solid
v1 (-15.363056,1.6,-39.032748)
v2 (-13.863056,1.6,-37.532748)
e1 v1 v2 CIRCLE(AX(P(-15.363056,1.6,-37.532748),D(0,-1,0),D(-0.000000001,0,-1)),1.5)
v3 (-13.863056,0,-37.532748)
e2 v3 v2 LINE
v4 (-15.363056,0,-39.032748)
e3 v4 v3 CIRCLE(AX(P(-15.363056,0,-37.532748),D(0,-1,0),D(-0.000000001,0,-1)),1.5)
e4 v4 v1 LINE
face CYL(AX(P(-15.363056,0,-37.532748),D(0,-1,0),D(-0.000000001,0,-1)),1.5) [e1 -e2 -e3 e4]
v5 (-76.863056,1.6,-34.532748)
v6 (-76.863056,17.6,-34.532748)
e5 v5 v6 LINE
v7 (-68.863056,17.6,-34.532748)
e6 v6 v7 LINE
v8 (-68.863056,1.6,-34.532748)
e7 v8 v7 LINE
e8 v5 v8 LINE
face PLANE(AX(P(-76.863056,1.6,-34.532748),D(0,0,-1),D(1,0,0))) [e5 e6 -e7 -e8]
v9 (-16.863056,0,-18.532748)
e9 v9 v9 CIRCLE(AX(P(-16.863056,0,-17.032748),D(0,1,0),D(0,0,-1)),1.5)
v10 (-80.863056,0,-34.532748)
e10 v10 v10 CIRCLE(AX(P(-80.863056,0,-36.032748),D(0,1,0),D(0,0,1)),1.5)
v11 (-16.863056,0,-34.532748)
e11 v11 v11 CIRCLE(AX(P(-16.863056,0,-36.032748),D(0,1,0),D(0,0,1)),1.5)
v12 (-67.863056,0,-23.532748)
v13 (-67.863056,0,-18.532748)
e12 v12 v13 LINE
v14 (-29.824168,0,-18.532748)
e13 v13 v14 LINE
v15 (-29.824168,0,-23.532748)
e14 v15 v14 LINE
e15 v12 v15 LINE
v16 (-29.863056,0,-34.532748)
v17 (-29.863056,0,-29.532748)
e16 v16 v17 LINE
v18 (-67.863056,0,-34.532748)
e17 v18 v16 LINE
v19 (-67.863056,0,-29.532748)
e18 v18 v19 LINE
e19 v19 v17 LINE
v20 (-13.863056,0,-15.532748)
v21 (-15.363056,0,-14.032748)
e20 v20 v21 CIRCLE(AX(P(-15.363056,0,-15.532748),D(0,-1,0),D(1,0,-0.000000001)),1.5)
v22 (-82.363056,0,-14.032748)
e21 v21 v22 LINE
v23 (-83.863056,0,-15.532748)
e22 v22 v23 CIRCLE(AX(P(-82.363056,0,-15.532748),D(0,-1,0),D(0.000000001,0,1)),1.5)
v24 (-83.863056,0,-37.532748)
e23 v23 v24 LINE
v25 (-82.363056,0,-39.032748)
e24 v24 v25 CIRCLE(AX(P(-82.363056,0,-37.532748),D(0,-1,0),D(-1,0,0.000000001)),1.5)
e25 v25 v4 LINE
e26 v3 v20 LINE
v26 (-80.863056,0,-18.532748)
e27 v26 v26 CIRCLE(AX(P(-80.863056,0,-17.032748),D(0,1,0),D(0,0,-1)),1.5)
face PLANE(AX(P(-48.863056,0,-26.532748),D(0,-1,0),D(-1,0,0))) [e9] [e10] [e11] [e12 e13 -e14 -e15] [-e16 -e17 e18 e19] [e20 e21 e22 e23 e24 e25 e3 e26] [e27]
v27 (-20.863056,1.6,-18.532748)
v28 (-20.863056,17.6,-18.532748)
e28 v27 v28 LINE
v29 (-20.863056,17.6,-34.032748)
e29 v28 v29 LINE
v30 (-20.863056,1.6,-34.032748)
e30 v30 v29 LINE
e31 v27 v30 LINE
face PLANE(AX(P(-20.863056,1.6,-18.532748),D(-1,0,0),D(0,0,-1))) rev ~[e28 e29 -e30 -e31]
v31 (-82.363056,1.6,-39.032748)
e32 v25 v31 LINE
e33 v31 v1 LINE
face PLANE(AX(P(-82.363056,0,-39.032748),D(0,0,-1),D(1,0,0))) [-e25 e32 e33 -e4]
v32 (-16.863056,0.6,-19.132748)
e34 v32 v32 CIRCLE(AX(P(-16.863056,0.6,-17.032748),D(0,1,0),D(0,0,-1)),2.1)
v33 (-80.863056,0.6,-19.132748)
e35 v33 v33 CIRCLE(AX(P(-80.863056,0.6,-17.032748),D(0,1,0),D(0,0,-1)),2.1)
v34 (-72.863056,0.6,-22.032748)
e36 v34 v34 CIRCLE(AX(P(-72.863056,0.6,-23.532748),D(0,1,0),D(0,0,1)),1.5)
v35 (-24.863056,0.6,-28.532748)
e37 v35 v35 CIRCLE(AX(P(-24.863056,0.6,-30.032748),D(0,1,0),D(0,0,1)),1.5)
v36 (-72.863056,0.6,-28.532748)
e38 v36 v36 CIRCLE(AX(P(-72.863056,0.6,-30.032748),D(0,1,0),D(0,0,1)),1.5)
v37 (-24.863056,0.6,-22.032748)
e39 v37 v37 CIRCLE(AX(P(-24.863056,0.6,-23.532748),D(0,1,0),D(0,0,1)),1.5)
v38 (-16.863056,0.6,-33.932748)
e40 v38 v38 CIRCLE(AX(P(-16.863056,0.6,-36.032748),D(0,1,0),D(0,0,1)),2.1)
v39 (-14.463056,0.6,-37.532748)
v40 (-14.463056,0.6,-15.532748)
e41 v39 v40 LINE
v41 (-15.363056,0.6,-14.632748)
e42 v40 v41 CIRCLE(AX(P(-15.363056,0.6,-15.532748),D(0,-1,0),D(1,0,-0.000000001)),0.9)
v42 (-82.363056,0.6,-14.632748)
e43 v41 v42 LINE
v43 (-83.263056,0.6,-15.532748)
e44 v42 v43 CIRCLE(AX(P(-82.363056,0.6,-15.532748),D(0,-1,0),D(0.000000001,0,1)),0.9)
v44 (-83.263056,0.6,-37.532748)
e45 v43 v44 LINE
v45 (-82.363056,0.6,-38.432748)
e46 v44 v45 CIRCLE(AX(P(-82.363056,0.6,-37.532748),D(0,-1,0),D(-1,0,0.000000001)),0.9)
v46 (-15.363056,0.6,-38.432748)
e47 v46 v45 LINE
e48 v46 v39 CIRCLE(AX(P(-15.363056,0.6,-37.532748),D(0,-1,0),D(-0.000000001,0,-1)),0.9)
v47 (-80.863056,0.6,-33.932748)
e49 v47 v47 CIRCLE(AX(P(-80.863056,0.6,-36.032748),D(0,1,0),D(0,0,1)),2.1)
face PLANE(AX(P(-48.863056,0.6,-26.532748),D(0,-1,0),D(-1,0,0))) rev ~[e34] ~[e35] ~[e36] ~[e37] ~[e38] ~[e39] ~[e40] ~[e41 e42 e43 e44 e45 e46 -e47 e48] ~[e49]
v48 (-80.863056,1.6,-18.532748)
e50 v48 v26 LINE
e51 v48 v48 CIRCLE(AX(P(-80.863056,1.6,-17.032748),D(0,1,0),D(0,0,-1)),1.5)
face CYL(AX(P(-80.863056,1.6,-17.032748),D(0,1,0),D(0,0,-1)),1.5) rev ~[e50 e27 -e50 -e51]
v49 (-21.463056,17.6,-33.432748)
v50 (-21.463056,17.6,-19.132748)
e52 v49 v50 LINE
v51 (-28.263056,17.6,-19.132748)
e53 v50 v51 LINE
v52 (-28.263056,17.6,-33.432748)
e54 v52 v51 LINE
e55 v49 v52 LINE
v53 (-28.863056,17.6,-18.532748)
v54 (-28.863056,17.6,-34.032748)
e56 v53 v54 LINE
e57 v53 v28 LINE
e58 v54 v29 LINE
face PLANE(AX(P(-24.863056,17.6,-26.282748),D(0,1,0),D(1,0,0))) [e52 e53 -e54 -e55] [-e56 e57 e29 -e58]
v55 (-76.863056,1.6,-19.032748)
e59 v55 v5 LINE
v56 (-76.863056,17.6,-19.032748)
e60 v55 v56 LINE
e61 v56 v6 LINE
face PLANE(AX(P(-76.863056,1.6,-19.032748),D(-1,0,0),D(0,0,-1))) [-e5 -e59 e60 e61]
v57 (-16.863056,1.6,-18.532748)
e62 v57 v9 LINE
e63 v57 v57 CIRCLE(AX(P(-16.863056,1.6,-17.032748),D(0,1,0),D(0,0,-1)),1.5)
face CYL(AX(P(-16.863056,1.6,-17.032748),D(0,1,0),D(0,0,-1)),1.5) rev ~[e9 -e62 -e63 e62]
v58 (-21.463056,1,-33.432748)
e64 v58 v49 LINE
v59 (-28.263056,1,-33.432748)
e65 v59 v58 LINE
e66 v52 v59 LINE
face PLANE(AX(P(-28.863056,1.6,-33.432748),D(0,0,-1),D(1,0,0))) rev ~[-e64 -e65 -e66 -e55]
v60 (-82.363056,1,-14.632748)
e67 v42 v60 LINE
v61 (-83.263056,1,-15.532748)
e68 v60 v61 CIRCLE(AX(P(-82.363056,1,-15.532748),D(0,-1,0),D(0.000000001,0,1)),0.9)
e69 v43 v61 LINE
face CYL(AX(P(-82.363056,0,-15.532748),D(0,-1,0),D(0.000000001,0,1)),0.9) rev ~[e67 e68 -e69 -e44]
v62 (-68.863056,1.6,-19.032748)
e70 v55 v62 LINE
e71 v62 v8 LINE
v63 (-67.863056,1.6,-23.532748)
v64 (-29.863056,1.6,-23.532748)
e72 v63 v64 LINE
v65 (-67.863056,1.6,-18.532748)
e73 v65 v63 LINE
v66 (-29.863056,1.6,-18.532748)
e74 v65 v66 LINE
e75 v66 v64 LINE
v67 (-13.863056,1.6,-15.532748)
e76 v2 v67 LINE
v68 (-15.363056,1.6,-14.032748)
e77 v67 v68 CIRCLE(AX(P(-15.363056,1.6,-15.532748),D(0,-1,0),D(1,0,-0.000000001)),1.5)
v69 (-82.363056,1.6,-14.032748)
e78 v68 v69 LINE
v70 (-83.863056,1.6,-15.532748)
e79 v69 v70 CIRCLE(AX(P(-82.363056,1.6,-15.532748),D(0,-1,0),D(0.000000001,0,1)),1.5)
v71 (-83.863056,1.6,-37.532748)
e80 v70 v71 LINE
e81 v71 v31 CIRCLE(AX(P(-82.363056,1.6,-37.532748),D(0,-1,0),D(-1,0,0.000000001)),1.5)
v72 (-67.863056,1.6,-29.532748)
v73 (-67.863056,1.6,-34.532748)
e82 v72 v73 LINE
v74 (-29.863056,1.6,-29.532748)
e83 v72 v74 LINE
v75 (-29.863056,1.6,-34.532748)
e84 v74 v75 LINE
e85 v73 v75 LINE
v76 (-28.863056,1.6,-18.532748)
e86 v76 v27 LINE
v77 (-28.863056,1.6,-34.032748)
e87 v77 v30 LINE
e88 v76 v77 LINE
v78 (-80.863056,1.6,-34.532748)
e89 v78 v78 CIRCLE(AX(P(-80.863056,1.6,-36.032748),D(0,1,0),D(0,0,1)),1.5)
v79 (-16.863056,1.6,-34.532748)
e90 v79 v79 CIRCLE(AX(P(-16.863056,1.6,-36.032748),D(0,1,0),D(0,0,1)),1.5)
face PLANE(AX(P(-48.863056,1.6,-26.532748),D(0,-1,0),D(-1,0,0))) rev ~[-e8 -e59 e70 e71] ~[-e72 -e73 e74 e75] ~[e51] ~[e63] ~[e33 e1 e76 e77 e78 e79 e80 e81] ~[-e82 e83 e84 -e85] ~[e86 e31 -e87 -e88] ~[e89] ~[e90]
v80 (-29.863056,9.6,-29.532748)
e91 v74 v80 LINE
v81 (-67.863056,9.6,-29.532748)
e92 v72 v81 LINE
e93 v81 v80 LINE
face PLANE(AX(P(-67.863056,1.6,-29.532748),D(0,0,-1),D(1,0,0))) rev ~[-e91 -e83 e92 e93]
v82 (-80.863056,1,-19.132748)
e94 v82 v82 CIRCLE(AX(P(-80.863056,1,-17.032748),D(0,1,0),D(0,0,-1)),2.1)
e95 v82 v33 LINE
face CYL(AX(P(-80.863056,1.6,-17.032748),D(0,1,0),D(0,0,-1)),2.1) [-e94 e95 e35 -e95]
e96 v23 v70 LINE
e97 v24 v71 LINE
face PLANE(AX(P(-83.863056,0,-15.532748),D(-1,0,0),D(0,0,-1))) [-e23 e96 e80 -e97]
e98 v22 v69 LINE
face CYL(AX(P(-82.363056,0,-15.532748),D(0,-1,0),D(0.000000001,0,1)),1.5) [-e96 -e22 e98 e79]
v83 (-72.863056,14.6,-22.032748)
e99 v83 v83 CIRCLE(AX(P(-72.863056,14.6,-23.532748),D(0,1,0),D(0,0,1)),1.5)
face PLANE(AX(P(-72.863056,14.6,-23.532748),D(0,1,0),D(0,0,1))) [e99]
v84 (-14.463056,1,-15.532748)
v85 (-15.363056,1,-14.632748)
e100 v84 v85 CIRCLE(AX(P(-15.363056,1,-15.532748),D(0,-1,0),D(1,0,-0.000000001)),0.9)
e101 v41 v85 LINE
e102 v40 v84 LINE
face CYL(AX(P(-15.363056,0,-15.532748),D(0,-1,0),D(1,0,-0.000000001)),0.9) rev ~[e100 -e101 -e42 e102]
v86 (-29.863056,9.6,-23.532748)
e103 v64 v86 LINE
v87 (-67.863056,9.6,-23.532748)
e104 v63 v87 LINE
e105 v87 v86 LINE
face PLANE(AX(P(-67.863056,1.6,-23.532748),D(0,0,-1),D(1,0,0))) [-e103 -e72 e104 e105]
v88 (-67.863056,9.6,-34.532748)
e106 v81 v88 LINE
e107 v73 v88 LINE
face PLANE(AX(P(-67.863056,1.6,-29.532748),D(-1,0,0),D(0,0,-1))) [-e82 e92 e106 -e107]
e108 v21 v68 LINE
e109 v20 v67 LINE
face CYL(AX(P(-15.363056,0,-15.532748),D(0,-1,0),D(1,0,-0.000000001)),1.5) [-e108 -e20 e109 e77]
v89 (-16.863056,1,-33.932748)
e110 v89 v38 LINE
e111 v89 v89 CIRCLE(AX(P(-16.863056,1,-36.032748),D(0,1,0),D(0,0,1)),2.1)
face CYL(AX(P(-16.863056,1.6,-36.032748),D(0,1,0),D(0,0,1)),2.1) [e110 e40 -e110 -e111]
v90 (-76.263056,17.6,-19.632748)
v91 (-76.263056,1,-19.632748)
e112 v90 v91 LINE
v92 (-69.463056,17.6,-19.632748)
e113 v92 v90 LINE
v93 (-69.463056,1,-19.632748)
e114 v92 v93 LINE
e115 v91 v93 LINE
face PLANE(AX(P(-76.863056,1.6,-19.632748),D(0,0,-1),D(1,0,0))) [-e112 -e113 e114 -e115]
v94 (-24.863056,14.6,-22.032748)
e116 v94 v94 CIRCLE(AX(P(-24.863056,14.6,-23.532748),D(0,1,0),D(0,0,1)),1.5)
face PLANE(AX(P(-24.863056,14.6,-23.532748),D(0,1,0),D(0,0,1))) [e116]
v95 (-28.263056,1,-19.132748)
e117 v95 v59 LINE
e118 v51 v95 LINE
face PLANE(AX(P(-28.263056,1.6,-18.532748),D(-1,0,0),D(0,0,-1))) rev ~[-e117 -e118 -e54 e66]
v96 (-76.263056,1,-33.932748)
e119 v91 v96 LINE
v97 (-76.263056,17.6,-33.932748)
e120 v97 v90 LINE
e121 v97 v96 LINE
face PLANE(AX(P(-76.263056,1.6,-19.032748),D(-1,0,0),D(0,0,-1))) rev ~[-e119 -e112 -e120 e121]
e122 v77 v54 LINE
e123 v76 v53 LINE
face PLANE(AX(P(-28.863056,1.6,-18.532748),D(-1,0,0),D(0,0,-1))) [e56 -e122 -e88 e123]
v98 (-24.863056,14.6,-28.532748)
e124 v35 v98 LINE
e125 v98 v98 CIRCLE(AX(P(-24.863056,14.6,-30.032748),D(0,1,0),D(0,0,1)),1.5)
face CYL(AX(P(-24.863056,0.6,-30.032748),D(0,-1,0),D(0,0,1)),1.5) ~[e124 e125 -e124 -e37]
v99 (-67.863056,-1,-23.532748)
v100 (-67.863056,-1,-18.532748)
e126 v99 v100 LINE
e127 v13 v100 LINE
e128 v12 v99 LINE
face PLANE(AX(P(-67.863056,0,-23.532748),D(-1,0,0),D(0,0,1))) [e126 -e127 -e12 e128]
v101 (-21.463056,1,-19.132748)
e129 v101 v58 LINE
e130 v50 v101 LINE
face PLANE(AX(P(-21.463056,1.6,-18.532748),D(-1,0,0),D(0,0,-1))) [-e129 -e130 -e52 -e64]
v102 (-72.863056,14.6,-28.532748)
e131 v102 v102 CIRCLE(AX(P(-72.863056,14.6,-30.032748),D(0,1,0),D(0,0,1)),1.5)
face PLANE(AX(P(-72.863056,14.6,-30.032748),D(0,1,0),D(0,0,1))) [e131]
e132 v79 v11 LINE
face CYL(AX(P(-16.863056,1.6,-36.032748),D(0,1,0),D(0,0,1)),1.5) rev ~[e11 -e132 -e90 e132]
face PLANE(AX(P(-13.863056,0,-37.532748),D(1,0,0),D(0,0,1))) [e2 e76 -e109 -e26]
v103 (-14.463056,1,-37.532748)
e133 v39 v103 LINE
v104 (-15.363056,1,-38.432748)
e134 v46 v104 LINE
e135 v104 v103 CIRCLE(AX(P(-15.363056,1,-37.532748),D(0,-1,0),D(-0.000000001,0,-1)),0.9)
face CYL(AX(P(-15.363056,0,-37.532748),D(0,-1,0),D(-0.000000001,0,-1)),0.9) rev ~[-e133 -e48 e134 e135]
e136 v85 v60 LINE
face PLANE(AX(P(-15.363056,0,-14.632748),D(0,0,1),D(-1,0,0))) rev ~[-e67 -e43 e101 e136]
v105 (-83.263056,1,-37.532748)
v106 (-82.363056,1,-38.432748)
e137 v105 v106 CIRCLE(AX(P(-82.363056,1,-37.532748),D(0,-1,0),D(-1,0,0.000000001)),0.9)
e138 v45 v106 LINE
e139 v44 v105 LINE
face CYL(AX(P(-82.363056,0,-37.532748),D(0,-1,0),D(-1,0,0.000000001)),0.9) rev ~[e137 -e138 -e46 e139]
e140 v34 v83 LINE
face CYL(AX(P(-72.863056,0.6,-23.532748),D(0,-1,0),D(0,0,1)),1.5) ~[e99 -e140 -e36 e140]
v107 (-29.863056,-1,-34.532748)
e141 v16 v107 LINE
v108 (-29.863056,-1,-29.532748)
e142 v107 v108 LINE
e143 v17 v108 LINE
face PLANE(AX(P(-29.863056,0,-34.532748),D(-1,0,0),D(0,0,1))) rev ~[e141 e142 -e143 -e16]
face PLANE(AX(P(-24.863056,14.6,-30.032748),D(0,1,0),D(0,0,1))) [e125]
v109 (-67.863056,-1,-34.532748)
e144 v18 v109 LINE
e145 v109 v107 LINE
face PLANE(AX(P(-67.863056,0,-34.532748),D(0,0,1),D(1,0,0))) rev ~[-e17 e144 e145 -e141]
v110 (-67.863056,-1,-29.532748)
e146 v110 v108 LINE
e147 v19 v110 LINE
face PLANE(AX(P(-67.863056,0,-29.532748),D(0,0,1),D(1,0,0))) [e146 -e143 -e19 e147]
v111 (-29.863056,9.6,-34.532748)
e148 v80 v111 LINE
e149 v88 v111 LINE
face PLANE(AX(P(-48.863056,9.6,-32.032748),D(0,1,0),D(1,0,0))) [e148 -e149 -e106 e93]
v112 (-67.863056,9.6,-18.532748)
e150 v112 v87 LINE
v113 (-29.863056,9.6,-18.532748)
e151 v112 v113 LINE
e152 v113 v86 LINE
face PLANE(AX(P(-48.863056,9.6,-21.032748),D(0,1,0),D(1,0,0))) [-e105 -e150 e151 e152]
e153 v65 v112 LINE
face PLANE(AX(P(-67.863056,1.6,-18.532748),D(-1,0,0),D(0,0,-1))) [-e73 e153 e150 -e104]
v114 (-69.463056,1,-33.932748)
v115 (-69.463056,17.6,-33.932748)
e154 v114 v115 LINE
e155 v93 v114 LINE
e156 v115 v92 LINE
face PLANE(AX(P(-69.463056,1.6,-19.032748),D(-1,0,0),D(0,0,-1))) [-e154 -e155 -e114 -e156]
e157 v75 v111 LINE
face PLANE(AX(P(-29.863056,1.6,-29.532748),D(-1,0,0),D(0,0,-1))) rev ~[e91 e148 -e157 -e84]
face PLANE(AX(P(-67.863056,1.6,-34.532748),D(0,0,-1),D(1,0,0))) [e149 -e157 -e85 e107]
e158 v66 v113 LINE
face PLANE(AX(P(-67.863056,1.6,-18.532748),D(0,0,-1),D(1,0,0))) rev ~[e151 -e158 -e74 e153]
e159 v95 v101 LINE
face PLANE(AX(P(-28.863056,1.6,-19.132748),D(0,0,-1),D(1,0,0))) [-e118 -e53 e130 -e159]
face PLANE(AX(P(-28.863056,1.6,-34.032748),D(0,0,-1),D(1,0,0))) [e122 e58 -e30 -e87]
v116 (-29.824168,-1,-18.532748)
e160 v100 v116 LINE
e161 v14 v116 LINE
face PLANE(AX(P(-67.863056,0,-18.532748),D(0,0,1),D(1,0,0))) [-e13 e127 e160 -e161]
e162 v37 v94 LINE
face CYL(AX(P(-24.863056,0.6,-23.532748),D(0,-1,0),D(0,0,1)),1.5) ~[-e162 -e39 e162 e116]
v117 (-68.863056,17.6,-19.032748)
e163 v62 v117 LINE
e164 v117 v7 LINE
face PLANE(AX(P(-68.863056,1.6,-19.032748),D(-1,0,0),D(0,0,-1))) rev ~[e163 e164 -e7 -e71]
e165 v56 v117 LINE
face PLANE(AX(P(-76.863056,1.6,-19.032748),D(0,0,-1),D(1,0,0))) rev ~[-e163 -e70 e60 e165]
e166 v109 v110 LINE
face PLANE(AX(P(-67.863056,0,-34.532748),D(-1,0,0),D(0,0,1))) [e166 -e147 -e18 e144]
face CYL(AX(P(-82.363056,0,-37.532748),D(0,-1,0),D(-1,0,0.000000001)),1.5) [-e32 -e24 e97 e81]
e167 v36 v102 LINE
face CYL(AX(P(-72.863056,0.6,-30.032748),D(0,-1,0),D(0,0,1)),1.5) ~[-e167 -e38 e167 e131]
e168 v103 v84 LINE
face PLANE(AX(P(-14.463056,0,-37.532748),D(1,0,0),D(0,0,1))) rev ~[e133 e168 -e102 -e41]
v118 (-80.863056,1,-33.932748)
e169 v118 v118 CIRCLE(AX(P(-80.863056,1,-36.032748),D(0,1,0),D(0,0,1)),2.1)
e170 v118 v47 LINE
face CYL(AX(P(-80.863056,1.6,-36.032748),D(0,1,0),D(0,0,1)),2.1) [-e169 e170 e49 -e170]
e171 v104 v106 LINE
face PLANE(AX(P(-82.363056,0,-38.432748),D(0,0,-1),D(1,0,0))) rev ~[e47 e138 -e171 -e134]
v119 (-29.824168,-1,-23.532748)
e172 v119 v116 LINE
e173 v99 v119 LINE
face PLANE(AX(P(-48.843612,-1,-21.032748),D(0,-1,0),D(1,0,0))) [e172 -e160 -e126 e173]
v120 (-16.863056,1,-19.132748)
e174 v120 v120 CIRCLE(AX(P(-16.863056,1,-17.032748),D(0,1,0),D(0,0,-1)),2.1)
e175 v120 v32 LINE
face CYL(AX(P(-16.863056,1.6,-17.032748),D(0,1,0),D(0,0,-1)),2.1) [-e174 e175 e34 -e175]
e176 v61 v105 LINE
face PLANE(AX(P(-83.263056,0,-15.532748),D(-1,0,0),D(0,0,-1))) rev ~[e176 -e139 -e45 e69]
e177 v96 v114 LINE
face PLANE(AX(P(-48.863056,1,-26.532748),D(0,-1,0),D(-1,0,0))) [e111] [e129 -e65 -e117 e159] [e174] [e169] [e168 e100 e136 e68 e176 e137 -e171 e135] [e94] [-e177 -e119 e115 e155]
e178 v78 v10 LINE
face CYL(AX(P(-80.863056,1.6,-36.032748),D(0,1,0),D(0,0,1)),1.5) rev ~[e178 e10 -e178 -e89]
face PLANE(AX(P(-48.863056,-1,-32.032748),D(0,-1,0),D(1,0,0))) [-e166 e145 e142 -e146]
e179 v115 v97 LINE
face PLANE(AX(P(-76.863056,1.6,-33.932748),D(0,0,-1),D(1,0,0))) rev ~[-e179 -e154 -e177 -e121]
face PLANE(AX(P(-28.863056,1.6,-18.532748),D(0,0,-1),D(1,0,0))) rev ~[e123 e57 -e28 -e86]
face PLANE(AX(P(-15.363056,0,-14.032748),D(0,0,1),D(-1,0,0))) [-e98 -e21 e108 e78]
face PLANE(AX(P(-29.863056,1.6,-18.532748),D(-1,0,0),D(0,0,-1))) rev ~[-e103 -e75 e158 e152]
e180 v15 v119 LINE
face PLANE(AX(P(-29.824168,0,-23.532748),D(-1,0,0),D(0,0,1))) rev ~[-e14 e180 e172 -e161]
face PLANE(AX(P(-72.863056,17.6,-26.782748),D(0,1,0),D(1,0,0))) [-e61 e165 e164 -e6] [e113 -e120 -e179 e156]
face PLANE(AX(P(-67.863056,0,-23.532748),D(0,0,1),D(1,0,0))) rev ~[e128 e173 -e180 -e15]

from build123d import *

# Parameters (mm, degrees)
EXTRUDE_1_DEPTH     = 1.6
SKETCH_3_R          = 1.5
CUT_EXTRUDE_1_DEPTH = 1.6
SKETCH_8_W          = 8
SKETCH_8_H          = 15.5
EXTRUDE_2_DEPTH     = 16
SHELL_1_T           = -0.6
SKETCH_11_R         = 1.5
EXTRUDE_3_DEPTH     = 14
SKETCH_12_W         = 38
SKETCH_12_H         = 5
EXTRUDE_4_DEPTH     = 8
SKETCH_17_W         = 38.038888129
SKETCH_17_H         = 5
SKETCH_17_W_2       = 38
EXTRUDE_5_DEPTH     = 1


with BuildPart() as part:
    # 草图2 → 凸台-拉伸1 (new body)
    with BuildSketch(Plane(origin=(0, 0, 0), x_dir=(1, 0, 0), z_dir=(0, 1, 0))):
        with BuildLine():
            Line((-82.363056433, 39.03274813), (-15.363056433, 39.03274813))
            ThreePointArc((-15.363056433, 39.03274813), (-14.302396261, 38.593408302), (-13.863056433, 37.53274813))
            Line((-13.863056433, 37.53274813), (-13.863056433, 15.53274813))
            ThreePointArc((-13.863056433, 15.53274813), (-14.302396261, 14.472087958), (-15.363056433, 14.03274813))
            Line((-15.363056433, 14.03274813), (-82.363056433, 14.03274813))
            ThreePointArc((-82.363056433, 14.03274813), (-83.423716605, 14.472087958), (-83.863056433, 15.53274813))
            Line((-83.863056433, 15.53274813), (-83.863056433, 37.53274813))
            ThreePointArc((-83.863056433, 37.53274813), (-83.423716605, 38.593408302), (-82.363056433, 39.03274813))
        make_face()
    extrude(amount=EXTRUDE_1_DEPTH)

    # 草图3 → 切除-拉伸1 (cut)
    with BuildSketch(Plane(origin=(0, 1.6, 0), x_dir=(1, 0, 0), z_dir=(0, 1, 0))):
        with Locations(Location((-80.863056433, 36.03274813, 0), (0, 0, 270))):
            Circle(SKETCH_3_R)
        with Locations(Location((-16.863056433, 36.03274813, 0), (0, 0, 270))):
            Circle(SKETCH_3_R)
        with Locations(Location((-16.863056433, 17.03274813, 0), (0, 0, 90))):
            Circle(SKETCH_3_R)
        with Locations(Location((-80.863056433, 17.03274813, 0), (0, 0, 90))):
            Circle(SKETCH_3_R)
    extrude(amount=-CUT_EXTRUDE_1_DEPTH, mode=Mode.SUBTRACT)

    # 草图8 → 凸台-拉伸2 (add)
    with BuildSketch(Plane(origin=(0, 1.6, 0), x_dir=(1, 0, 0), z_dir=(0, 1, 0))):
        with Locations((-72.863056433, 26.78274813)):
            Rectangle(SKETCH_8_W, SKETCH_8_H)
        with Locations((-24.863056433, 26.28274813)):
            Rectangle(SKETCH_8_W, SKETCH_8_H)
    extrude(amount=EXTRUDE_2_DEPTH)

    # 抽壳1
    shell_1_openings = [part.faces().sort_by_distance(p)[0] for p in [
        (-72.863056433, 17.6, -26.78274813),
        (-24.863056433, 17.6, -26.28274813),
    ]]
    offset(amount=SHELL_1_T, openings=shell_1_openings, kind=Kind.INTERSECTION)

    # 草图11 → 凸台-拉伸3 (add)
    with BuildSketch(Plane(origin=(0, 0.6, 0), x_dir=(1, 0, 0), z_dir=(0, 1, 0))):
        with Locations(Location((-72.863056433, 30.03274813, 0), (0, 0, 270))):
            Circle(SKETCH_11_R)
        with Locations(Location((-72.863056433, 23.53274813, 0), (0, 0, 270))):
            Circle(SKETCH_11_R)
        with Locations(Location((-24.863056433, 30.03274813, 0), (0, 0, 270))):
            Circle(SKETCH_11_R)
        with Locations(Location((-24.863056433, 23.53274813, 0), (0, 0, 270))):
            Circle(SKETCH_11_R)
    extrude(amount=EXTRUDE_3_DEPTH)

    # 草图12 → 凸台-拉伸4 (add)
    with BuildSketch(Plane(origin=(0, 1.6, 0), x_dir=(1, 0, 0), z_dir=(0, 1, 0))):
        with Locations((-48.863056433, 32.03274813)):
            Rectangle(SKETCH_12_W, SKETCH_12_H)
        with Locations((-48.863056433, 21.03274813)):
            Rectangle(SKETCH_12_W, SKETCH_12_H)
    extrude(amount=EXTRUDE_4_DEPTH)

    # 草图17 → 凸台-拉伸5 (add)
    with BuildSketch(Plane.XZ):
        with Locations((-48.843612369, -21.03274813)):
            Rectangle(SKETCH_17_W, SKETCH_17_H)
        with Locations((-48.863056433, -32.03274813)):
            Rectangle(SKETCH_17_W_2, SKETCH_17_H)
    extrude(amount=EXTRUDE_5_DEPTH)


solid = part.part
